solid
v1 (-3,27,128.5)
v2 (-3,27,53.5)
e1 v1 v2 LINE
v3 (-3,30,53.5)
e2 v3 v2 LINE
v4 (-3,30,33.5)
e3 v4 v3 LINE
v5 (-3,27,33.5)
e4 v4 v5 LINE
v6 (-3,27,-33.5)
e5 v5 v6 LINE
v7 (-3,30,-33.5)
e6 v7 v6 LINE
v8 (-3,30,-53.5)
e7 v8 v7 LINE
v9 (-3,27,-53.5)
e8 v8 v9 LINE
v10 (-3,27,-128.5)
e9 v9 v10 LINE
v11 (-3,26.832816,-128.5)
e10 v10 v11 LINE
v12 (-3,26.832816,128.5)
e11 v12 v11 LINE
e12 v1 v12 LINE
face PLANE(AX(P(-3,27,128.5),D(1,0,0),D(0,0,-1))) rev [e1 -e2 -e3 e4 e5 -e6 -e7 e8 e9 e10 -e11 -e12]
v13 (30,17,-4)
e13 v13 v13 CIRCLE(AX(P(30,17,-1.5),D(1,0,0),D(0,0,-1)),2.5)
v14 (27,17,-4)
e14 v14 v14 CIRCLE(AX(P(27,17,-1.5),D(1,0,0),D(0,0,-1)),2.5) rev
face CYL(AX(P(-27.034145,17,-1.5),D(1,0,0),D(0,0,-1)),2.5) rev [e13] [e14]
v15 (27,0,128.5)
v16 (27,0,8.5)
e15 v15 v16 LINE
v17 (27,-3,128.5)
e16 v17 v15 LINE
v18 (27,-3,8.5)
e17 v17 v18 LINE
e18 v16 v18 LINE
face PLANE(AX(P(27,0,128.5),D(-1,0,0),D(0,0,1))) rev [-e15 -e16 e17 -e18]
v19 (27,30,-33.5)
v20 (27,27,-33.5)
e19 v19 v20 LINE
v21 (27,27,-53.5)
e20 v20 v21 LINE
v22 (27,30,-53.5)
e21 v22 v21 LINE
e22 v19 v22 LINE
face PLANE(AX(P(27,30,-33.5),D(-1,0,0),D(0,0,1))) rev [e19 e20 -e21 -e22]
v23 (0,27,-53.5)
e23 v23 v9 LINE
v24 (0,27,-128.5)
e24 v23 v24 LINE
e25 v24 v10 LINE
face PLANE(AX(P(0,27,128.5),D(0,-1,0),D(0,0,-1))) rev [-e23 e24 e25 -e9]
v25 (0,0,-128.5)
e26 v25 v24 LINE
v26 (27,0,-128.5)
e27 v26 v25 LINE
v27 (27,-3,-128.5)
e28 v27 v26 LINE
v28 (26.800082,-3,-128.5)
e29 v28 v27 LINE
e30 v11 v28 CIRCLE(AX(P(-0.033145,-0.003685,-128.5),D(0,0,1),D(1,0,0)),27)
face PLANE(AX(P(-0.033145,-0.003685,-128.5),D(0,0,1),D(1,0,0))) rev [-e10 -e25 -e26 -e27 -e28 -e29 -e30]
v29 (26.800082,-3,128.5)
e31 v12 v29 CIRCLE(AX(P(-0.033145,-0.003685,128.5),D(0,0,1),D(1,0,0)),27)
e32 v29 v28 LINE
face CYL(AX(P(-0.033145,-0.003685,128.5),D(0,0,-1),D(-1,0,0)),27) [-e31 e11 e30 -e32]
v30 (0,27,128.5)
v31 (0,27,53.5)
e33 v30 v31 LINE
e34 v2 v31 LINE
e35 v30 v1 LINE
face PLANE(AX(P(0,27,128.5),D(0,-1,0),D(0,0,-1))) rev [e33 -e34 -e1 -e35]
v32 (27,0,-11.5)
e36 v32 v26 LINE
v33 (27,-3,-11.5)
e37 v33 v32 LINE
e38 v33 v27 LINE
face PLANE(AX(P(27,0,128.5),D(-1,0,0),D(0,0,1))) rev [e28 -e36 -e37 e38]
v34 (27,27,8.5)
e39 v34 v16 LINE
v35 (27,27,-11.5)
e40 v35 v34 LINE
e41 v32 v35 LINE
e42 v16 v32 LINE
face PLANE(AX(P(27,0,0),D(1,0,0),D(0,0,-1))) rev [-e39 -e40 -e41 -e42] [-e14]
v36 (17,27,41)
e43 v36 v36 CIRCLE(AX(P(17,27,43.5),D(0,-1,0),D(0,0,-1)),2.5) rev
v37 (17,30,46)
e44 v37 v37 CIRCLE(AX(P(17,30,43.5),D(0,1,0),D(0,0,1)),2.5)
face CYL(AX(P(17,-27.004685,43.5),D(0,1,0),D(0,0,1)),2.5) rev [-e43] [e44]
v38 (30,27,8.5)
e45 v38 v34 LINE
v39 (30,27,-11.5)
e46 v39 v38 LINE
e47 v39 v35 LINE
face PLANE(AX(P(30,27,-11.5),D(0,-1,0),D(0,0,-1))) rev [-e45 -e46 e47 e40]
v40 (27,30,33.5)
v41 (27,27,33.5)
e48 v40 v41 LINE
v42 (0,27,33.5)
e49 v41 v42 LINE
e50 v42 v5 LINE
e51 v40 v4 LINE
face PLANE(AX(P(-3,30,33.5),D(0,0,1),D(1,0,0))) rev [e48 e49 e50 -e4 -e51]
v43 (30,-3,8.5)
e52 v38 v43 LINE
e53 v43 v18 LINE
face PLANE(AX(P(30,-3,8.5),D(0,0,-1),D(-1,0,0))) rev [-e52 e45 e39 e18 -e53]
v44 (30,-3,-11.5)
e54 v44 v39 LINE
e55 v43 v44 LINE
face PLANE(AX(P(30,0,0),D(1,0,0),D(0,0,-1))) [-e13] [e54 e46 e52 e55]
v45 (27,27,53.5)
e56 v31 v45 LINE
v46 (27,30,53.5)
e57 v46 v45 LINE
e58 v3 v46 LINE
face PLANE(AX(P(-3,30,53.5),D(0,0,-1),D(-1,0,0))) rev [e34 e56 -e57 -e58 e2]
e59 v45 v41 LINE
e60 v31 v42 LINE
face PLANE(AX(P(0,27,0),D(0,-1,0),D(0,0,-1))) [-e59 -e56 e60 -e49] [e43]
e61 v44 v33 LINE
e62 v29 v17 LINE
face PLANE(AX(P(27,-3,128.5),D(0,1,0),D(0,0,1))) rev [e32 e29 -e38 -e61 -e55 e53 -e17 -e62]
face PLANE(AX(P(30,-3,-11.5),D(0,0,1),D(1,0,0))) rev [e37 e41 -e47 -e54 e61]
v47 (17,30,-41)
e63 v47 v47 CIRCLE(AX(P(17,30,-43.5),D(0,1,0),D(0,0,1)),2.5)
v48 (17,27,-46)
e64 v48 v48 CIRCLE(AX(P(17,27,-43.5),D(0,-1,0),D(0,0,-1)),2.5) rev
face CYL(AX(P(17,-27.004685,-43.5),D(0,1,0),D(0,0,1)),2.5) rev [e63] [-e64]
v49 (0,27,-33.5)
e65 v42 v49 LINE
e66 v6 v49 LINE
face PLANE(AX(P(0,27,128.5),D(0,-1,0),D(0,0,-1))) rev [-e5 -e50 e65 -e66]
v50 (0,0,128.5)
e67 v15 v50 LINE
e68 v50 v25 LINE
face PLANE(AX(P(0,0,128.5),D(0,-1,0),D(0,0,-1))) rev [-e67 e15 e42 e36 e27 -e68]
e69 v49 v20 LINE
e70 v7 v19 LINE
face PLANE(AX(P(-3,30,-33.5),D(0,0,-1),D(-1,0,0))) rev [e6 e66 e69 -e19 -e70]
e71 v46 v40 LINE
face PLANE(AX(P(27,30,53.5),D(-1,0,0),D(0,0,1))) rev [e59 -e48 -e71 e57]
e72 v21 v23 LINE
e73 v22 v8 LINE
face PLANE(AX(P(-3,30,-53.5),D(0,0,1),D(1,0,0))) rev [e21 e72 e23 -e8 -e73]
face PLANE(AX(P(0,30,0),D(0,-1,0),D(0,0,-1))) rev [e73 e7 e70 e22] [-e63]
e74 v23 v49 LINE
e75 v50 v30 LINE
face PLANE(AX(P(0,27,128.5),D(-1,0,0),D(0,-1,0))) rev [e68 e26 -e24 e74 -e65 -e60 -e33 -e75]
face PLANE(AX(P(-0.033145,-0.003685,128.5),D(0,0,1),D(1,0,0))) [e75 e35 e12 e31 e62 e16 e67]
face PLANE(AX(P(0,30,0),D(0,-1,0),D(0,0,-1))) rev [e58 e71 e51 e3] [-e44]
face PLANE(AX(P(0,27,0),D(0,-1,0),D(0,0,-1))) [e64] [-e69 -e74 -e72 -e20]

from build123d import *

# Parameters (mm, degrees)
BOSS_EXTRUDE1_DEPTH = 128.5
SKETCH7_W           = 30
SKETCH7_H           = 20
BOSS_EXTRUDE4_DEPTH = 3
CUT_EXTRUDE1_REACH  = 145.152
SKETCH9_R           = 2.5
SKETCH10_W          = 20
SKETCH10_H          = 30
BOSS_EXTRUDE5_DEPTH = 3
CUT_EXTRUDE2_REACH  = 145.753
SKETCH11_R          = 2.5


with BuildPart() as part:
    # Sketch4 → Boss-Extrude1 (new, symmetric)
    with BuildSketch(Plane.XY):
        with BuildLine():
            Line((0, 0), (27, 0))
            Line((27, 0), (27, -3))
            Line((27, -3), (26.800082477, -3))
            ThreePointArc((26.800082477, -3), (-19.135504983, -19.08508544), (-3, 26.83281573))
            Line((-3, 26.83281573), (-3, 27))
            Line((-3, 27), (0, 27))
            Line((0, 27), (0, 0))
        make_face()
    extrude(amount=BOSS_EXTRUDE1_DEPTH, both=True)

    # Sketch7 → Boss-Extrude4 (add)
    with BuildSketch(Plane(origin=(0, 27, 0), x_dir=(1, 0, 0), z_dir=(0, 1, 0))):
        with Locations((12, -43.5)):
            Rectangle(SKETCH7_W, SKETCH7_H)
        with Locations((12, 43.5)):
            Rectangle(SKETCH7_W, SKETCH7_H)
    extrude(amount=BOSS_EXTRUDE4_DEPTH)

    # Sketch9 → Cut-Extrude1 (cut, up to next)
    with BuildSketch(Plane(origin=(0, 30, 0), x_dir=(1, 0, 0), z_dir=(0, 1, 0)), mode=Mode.PRIVATE) as cut_extrude1_sk1:
        with Locations(Location((17, -43.5, 0), (0, 0, 270))):
            Circle(SKETCH9_R)
    cut_extrude1_tool1 = extrude(cut_extrude1_sk1.sketch, amount=-CUT_EXTRUDE1_REACH, mode=Mode.PRIVATE) & part.part
    # Sketch9 → Cut-Extrude1 (cut, up to next)
    with BuildSketch(Plane(origin=(0, 30, 0), x_dir=(1, 0, 0), z_dir=(0, 1, 0)), mode=Mode.PRIVATE) as cut_extrude1_sk2:
        with Locations(Location((17, 43.5, 0), (0, 0, 270))):
            Circle(SKETCH9_R)
    cut_extrude1_tool2 = extrude(cut_extrude1_sk2.sketch, amount=-CUT_EXTRUDE1_REACH, mode=Mode.PRIVATE) & part.part
    add(cut_extrude1_tool1.solids().sort_by_distance((17, 30, 43.5))[0], mode=Mode.SUBTRACT)
    add(cut_extrude1_tool2.solids().sort_by_distance((17, 30, -43.5))[0], mode=Mode.SUBTRACT)

    # Sketch10 → Boss-Extrude5 (add)
    with BuildSketch(Plane(origin=(27, 0, 0), x_dir=(0, 0, -1), z_dir=(1, 0, 0))):
        with Locations((1.5, 12)):
            Rectangle(SKETCH10_W, SKETCH10_H)
    extrude(amount=BOSS_EXTRUDE5_DEPTH)

    # Sketch11 → Cut-Extrude2 (cut, up to next)
    with BuildSketch(Plane(origin=(30, 0, 0), x_dir=(0, 0, -1), z_dir=(1, 0, 0)), mode=Mode.PRIVATE) as cut_extrude2_sk1:
        with Locations((1.5, 17)):
            Circle(SKETCH11_R)
    cut_extrude2_tool1 = extrude(cut_extrude2_sk1.sketch, amount=-CUT_EXTRUDE2_REACH, mode=Mode.PRIVATE) & part.part
    add(cut_extrude2_tool1.solids().sort_by_distance((30, 17, -1.5))[0], mode=Mode.SUBTRACT)


solid = part.part
